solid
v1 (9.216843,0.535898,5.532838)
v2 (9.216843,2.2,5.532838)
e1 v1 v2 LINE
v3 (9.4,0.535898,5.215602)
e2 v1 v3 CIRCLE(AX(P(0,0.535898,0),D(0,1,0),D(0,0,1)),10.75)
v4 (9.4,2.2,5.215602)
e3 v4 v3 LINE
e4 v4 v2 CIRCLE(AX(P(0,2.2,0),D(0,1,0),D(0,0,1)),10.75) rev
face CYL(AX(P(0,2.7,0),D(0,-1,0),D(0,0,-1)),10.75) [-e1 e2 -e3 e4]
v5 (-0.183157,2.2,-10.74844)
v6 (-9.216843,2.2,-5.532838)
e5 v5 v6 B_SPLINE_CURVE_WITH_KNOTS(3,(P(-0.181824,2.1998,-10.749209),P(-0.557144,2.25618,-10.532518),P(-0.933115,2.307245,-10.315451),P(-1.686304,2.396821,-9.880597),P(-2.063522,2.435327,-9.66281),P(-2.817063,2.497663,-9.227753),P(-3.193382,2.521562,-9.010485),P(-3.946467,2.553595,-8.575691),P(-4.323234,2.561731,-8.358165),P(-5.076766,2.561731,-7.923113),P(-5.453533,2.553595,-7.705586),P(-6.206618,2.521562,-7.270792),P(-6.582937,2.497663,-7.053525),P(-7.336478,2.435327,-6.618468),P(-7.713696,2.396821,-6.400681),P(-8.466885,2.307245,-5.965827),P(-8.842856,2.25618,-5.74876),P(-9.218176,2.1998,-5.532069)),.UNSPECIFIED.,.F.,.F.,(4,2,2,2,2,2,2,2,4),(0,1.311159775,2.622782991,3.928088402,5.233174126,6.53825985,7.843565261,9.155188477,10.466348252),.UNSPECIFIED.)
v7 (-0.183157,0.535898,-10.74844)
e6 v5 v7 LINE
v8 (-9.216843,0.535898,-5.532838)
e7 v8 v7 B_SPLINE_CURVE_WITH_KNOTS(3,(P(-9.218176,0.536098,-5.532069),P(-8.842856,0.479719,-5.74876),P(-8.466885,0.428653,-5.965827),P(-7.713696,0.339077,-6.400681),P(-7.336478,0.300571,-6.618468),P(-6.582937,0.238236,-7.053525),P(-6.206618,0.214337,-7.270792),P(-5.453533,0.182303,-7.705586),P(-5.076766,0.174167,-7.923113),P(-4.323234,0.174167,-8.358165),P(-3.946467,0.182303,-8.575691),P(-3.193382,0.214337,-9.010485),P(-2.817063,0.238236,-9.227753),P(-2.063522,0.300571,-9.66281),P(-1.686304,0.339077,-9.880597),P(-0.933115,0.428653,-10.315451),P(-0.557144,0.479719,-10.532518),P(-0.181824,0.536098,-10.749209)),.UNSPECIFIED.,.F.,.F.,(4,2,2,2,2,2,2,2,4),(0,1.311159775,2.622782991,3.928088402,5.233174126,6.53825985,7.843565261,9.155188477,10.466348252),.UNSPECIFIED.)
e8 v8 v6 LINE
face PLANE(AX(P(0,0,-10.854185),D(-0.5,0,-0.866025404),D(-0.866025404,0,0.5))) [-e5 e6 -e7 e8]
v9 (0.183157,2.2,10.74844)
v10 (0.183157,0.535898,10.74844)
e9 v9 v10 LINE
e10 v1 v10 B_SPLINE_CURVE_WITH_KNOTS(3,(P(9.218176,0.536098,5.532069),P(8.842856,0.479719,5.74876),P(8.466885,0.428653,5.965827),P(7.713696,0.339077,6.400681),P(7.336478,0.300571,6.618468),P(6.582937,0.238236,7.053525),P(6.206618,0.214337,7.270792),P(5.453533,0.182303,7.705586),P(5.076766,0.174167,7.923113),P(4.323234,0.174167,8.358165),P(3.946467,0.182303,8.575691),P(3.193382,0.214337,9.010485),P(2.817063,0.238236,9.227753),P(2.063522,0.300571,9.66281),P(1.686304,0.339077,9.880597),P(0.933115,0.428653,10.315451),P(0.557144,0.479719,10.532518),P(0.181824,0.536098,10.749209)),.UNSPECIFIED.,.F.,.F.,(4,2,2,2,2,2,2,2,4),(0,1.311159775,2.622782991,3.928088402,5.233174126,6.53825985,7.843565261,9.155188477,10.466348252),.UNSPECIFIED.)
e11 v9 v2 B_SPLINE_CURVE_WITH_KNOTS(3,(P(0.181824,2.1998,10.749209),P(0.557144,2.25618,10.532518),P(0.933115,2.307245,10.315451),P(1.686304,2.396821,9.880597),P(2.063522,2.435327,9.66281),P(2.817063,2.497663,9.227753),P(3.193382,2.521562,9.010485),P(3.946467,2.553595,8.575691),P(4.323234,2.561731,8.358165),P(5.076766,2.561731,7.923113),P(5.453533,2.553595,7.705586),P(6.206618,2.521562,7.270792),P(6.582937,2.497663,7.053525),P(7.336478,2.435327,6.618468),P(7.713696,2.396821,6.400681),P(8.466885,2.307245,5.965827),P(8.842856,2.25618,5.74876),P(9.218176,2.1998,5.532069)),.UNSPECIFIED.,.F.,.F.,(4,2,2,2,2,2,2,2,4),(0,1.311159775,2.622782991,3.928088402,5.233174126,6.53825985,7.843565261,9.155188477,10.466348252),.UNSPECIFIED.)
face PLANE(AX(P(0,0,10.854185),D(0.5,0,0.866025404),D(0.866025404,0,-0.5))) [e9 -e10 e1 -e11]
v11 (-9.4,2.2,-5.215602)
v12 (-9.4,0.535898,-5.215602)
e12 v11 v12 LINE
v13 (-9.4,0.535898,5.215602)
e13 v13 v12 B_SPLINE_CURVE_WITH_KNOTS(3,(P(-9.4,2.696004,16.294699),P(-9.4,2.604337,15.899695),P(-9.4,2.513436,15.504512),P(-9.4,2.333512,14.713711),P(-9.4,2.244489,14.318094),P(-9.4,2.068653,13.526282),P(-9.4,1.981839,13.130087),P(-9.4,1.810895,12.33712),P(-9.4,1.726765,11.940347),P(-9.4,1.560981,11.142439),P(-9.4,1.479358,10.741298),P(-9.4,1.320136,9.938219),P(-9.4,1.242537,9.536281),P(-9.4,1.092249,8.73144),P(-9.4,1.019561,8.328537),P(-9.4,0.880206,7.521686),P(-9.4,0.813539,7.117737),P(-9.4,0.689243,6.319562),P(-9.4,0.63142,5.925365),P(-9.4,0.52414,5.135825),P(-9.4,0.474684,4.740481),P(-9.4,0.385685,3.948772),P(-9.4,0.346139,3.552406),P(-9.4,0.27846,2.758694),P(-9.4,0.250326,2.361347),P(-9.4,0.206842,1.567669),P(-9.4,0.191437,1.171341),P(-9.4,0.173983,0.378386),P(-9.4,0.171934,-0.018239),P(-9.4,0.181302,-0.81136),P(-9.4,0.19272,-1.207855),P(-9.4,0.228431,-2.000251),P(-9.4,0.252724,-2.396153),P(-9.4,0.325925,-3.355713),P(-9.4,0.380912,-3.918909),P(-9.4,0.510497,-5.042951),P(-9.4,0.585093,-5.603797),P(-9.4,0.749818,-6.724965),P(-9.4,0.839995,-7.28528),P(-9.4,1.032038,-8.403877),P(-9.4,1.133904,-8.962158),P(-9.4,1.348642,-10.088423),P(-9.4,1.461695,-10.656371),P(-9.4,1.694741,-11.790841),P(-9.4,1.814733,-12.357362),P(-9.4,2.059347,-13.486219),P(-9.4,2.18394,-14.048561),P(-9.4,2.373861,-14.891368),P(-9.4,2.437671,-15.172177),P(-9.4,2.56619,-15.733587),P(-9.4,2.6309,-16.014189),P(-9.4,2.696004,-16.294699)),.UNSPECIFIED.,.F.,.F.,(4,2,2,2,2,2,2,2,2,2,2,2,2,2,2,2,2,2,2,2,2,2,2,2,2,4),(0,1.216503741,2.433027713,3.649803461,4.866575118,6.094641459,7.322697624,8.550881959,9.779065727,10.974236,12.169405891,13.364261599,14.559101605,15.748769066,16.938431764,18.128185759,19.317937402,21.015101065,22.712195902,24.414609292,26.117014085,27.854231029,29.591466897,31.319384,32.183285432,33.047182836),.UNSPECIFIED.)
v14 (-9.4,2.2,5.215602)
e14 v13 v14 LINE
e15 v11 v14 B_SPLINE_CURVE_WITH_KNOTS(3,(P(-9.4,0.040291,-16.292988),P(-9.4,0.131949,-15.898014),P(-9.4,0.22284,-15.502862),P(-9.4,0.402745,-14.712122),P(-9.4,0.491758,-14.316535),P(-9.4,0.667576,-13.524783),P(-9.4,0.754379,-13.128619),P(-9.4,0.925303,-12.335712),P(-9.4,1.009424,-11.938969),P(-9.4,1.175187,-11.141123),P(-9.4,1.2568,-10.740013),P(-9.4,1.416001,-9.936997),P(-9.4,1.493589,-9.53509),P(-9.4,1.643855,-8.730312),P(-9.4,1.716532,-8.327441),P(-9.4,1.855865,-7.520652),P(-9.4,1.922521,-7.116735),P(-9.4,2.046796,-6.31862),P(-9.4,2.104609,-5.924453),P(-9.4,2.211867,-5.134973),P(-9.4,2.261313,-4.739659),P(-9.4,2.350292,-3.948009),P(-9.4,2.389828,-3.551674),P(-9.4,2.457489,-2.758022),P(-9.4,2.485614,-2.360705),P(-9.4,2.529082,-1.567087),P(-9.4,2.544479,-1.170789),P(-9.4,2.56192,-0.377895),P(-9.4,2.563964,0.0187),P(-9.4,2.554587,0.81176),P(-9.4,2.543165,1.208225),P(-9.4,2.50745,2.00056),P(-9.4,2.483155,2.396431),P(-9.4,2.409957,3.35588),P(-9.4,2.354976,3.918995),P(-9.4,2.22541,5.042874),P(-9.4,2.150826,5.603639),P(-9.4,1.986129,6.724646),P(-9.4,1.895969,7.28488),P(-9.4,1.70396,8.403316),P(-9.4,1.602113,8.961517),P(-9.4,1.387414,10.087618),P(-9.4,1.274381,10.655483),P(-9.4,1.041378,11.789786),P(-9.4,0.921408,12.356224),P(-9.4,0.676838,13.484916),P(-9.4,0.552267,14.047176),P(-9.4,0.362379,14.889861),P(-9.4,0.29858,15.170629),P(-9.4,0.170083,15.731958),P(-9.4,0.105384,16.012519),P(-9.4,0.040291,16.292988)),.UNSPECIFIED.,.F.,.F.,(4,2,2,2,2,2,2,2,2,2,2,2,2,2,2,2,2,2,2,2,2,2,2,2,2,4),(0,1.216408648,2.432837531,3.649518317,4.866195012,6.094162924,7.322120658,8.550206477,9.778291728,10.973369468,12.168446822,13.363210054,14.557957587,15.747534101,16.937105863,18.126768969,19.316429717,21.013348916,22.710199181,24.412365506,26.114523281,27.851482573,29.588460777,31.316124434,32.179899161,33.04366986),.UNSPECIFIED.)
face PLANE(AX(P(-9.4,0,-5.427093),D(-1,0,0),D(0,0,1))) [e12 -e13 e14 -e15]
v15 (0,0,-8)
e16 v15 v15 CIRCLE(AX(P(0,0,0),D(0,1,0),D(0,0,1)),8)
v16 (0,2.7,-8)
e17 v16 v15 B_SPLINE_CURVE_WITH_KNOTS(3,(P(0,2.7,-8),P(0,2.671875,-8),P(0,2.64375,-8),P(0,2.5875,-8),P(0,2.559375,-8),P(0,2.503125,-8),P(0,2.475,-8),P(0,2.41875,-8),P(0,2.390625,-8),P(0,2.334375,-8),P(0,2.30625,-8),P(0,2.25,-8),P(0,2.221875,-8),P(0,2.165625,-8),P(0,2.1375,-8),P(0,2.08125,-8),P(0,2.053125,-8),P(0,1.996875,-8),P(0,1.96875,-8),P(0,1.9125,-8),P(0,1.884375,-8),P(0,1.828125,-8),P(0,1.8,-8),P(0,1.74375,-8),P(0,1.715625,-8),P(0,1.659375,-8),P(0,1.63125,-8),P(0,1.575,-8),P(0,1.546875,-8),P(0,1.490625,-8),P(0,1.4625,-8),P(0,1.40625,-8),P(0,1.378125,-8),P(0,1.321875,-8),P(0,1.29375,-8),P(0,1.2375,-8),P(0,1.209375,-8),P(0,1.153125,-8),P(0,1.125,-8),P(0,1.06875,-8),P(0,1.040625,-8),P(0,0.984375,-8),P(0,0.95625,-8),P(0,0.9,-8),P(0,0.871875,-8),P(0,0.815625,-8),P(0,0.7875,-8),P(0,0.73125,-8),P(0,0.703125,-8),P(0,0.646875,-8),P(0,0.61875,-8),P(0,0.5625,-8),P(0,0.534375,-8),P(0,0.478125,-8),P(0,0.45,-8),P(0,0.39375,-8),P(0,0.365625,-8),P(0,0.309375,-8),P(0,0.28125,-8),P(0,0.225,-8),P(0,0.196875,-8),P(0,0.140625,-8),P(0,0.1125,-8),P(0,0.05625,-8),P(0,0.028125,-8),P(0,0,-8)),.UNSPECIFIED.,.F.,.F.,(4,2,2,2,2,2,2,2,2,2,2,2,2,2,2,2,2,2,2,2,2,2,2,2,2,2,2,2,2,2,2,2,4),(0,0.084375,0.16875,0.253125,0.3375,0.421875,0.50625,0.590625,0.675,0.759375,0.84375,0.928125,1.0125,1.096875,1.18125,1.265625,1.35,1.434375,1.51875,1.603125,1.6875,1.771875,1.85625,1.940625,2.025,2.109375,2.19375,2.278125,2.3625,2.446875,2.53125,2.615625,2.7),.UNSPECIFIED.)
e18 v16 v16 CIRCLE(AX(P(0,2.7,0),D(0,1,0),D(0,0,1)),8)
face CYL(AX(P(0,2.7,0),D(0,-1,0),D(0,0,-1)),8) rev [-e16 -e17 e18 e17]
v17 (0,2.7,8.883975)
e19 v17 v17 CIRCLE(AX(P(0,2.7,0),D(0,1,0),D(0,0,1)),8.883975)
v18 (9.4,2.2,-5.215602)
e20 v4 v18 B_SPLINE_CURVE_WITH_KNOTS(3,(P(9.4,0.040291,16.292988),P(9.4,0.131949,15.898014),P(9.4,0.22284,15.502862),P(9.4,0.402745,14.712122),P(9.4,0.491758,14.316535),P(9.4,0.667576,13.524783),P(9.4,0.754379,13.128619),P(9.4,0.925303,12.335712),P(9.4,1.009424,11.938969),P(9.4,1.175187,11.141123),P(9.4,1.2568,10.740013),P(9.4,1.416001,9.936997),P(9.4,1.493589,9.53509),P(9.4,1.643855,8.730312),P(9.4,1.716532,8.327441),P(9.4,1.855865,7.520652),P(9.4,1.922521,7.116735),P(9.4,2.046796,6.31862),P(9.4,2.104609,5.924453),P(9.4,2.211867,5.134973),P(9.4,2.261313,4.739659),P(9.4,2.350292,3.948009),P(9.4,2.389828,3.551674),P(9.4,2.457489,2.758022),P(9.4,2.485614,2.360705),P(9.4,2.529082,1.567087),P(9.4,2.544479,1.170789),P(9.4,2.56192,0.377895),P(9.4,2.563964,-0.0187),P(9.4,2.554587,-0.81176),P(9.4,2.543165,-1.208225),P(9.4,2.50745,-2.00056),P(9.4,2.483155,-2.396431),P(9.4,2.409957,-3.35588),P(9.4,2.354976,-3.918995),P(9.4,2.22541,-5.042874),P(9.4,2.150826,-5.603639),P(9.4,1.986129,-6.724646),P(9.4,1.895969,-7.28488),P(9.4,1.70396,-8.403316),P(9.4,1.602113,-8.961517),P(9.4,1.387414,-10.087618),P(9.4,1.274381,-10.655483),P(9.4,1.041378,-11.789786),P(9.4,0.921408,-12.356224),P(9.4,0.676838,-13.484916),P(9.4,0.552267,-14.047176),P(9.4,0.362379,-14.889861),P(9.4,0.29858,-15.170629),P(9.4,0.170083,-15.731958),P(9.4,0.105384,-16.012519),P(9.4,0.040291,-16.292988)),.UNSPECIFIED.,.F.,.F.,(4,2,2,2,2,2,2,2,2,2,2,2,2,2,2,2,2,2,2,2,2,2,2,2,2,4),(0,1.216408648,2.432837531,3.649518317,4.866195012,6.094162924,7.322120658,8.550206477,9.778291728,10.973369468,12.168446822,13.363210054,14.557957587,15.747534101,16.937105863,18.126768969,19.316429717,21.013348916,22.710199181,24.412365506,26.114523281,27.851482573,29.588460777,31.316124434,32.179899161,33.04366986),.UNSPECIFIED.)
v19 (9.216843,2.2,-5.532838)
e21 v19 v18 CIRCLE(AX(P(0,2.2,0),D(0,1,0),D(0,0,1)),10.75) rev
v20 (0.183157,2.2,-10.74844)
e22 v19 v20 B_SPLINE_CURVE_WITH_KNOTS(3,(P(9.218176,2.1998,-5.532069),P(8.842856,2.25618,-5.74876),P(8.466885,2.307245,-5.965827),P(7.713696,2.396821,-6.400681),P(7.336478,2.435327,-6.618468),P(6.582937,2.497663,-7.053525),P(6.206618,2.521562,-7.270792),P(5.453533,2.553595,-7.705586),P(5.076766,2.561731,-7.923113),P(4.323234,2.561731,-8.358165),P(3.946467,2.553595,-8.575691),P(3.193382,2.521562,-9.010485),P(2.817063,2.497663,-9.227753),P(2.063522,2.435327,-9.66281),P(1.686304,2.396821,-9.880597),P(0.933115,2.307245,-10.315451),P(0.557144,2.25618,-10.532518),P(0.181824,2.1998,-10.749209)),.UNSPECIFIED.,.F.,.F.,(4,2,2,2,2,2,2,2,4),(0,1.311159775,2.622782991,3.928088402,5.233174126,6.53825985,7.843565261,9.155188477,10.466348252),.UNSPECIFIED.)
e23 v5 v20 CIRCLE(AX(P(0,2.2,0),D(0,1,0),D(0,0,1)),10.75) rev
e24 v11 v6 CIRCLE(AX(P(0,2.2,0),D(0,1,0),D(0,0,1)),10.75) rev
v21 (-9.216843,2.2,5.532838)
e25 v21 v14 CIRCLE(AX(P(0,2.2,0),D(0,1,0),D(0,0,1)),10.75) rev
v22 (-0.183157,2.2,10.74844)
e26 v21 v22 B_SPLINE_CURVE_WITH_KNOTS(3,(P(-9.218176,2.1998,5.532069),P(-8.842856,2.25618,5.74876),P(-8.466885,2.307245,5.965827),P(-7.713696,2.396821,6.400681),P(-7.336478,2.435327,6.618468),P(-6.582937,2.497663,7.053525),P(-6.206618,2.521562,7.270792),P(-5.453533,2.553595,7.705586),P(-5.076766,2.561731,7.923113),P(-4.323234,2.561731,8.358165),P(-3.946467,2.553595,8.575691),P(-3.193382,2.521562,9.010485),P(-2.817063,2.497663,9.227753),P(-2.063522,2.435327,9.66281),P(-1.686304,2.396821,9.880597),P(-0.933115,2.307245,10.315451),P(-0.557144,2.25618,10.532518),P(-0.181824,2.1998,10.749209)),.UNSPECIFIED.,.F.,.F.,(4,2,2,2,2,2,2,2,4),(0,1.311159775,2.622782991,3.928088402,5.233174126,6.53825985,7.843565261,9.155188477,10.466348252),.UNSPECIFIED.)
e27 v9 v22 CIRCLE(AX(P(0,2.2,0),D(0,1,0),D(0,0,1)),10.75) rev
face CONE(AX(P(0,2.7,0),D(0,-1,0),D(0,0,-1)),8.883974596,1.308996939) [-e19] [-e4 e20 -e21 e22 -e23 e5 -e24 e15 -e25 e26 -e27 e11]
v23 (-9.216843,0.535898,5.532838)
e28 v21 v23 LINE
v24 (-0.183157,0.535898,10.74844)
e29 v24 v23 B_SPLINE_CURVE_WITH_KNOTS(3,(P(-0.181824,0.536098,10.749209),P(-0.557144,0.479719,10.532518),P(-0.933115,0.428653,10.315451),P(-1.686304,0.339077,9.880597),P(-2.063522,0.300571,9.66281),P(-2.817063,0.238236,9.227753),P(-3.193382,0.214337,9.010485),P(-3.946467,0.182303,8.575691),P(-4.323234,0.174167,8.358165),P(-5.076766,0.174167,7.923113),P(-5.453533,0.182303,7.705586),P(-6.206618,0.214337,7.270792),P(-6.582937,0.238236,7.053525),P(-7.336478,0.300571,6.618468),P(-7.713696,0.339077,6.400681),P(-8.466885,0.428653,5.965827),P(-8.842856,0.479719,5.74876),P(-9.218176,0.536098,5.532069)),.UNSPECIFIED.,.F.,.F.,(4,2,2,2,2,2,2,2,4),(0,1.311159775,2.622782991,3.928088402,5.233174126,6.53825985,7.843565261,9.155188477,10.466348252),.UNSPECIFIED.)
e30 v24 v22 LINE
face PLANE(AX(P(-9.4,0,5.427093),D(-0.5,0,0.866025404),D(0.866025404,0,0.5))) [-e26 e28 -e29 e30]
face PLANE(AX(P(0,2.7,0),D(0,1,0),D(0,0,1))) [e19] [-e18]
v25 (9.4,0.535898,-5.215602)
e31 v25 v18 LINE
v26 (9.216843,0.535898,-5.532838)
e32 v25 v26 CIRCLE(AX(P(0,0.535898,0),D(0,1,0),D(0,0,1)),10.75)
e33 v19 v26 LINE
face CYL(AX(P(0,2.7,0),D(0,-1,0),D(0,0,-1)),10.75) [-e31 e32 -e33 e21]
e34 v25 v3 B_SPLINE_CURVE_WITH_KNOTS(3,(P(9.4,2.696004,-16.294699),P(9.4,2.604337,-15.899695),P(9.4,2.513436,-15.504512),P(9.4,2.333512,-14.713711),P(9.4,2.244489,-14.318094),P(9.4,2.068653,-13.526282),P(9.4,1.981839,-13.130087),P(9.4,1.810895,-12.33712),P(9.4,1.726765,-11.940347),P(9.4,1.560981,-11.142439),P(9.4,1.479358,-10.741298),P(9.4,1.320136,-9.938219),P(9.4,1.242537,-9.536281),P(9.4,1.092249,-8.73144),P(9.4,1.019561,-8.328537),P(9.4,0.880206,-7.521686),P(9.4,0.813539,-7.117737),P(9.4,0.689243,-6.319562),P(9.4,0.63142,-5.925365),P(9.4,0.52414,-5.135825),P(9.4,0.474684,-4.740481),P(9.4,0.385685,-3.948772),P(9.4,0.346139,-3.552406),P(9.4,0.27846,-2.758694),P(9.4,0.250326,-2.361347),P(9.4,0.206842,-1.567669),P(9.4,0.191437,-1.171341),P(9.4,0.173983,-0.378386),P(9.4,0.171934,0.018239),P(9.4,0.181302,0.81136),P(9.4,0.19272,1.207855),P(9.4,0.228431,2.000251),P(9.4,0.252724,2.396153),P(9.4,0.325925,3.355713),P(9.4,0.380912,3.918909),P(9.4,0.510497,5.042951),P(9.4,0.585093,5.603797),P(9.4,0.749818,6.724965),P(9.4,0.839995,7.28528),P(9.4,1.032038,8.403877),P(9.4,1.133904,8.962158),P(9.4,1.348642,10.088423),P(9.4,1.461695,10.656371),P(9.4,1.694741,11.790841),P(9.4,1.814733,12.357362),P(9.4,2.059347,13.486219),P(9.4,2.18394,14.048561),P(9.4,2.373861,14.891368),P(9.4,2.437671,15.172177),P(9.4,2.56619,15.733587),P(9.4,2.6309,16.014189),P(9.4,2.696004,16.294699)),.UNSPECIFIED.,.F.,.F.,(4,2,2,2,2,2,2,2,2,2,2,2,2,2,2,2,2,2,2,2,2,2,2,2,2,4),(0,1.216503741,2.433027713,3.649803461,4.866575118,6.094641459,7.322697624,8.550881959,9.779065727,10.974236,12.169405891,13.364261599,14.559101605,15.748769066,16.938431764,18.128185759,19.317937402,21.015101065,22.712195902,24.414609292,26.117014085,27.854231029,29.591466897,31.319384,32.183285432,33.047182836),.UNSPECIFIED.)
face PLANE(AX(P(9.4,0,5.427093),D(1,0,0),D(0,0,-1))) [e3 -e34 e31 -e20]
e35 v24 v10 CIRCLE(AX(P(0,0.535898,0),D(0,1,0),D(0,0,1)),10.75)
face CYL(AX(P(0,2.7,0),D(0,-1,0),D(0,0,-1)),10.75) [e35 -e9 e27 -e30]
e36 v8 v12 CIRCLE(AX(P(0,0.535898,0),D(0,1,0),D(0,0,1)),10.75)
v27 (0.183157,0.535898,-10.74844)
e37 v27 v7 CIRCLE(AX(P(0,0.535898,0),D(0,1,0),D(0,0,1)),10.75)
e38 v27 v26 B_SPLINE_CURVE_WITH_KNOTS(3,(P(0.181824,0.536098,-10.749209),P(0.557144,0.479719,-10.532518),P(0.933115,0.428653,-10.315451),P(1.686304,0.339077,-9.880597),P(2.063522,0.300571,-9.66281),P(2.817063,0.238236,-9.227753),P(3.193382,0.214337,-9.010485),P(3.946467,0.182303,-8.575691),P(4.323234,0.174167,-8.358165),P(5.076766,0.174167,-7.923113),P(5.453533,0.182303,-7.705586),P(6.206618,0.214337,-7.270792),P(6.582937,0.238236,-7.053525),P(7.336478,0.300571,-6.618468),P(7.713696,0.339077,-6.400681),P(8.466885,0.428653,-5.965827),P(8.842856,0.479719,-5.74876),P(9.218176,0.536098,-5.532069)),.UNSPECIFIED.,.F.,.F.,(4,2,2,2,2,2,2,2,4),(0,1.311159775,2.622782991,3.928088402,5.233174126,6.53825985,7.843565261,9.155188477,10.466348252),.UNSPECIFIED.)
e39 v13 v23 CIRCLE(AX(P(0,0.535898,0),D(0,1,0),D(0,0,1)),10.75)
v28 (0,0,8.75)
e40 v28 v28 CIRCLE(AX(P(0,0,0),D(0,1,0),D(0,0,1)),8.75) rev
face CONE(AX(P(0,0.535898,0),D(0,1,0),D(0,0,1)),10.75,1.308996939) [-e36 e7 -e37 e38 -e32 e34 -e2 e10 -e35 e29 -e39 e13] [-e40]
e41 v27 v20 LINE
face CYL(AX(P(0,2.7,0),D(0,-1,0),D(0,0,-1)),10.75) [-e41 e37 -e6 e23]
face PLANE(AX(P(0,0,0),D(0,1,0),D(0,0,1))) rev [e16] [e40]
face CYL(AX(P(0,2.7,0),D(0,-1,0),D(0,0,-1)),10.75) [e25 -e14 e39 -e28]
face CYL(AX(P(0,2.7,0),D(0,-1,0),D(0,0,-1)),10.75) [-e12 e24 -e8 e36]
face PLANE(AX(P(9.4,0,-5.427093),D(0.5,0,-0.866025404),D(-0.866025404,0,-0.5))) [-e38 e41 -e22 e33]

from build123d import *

# Parameters (mm, degrees)
SKETCH1_R           = 10.75
SKETCH1_R_2         = 8
BOSS_EXTRUDE1_DEPTH = 2.7
CHAMFER1_SIZE       = 0.5
CHAMFER1_SIZE2      = 1.866025404
CHAMFER2_SIZE       = 2
CHAMFER2_SIZE2      = 0.535898385
SKETCH3_OUTSIDE_W   = 29.606
SKETCH3_OUTSIDE_H   = 29.606
CUT_EXTRUDE1_DEPTH  = 2.7


with BuildPart() as part:
    # Sketch1 → Boss-Extrude1 (new body)
    with BuildSketch(Plane(origin=(0, 0, 0), x_dir=(1, 0, 0), z_dir=(0, 1, 0))):
        with Locations(Location((0, 0, 0), (0, 0, 90))):
            Circle(SKETCH1_R)
        with Locations(Location((0, 0, 0), (0, 0, 90))):
            Circle(SKETCH1_R_2, mode=Mode.SUBTRACT)
    extrude(amount=BOSS_EXTRUDE1_DEPTH)

    # Chamfer1
    chamfer1_edges = [part.edges().sort_by_distance(p)[0] for p in [
        (0, 2.7, 10.75),
    ]]
    chamfer1_side = [part.faces().sort_by_distance(p)[0] for p in [
        (0, 1.35, 10.75),
    ]]
    chamfer(chamfer1_edges, length=CHAMFER1_SIZE, length2=CHAMFER1_SIZE2, reference=chamfer1_side[0])

    # Chamfer2
    chamfer2_edges = [part.edges().sort_by_distance(p)[0] for p in [
        (0, 0, 10.75),
    ]]
    chamfer2_side = [part.faces().sort_by_distance(p)[0] for p in [
        (0, 0, 10.445944084),
    ]]
    chamfer(chamfer2_edges, length=CHAMFER2_SIZE, length2=CHAMFER2_SIZE2, reference=chamfer2_side[0])

    # Sketch3 outside → Cut-Extrude1 (cut)
    with BuildSketch(Plane(origin=(0, 2.7, 0), x_dir=(1, 0, 0), z_dir=(0, 1, 0))):
        Rectangle(SKETCH3_OUTSIDE_W, SKETCH3_OUTSIDE_H)
        Polygon((0, 10.854185061), (-9.4, 5.42709253), (-9.4, -5.42709253), (0, -10.854185061), (9.4, -5.42709253), (9.4, 5.42709253), align=None, mode=Mode.SUBTRACT)
    extrude(amount=-CUT_EXTRUDE1_DEPTH, mode=Mode.SUBTRACT)


solid = part.part
